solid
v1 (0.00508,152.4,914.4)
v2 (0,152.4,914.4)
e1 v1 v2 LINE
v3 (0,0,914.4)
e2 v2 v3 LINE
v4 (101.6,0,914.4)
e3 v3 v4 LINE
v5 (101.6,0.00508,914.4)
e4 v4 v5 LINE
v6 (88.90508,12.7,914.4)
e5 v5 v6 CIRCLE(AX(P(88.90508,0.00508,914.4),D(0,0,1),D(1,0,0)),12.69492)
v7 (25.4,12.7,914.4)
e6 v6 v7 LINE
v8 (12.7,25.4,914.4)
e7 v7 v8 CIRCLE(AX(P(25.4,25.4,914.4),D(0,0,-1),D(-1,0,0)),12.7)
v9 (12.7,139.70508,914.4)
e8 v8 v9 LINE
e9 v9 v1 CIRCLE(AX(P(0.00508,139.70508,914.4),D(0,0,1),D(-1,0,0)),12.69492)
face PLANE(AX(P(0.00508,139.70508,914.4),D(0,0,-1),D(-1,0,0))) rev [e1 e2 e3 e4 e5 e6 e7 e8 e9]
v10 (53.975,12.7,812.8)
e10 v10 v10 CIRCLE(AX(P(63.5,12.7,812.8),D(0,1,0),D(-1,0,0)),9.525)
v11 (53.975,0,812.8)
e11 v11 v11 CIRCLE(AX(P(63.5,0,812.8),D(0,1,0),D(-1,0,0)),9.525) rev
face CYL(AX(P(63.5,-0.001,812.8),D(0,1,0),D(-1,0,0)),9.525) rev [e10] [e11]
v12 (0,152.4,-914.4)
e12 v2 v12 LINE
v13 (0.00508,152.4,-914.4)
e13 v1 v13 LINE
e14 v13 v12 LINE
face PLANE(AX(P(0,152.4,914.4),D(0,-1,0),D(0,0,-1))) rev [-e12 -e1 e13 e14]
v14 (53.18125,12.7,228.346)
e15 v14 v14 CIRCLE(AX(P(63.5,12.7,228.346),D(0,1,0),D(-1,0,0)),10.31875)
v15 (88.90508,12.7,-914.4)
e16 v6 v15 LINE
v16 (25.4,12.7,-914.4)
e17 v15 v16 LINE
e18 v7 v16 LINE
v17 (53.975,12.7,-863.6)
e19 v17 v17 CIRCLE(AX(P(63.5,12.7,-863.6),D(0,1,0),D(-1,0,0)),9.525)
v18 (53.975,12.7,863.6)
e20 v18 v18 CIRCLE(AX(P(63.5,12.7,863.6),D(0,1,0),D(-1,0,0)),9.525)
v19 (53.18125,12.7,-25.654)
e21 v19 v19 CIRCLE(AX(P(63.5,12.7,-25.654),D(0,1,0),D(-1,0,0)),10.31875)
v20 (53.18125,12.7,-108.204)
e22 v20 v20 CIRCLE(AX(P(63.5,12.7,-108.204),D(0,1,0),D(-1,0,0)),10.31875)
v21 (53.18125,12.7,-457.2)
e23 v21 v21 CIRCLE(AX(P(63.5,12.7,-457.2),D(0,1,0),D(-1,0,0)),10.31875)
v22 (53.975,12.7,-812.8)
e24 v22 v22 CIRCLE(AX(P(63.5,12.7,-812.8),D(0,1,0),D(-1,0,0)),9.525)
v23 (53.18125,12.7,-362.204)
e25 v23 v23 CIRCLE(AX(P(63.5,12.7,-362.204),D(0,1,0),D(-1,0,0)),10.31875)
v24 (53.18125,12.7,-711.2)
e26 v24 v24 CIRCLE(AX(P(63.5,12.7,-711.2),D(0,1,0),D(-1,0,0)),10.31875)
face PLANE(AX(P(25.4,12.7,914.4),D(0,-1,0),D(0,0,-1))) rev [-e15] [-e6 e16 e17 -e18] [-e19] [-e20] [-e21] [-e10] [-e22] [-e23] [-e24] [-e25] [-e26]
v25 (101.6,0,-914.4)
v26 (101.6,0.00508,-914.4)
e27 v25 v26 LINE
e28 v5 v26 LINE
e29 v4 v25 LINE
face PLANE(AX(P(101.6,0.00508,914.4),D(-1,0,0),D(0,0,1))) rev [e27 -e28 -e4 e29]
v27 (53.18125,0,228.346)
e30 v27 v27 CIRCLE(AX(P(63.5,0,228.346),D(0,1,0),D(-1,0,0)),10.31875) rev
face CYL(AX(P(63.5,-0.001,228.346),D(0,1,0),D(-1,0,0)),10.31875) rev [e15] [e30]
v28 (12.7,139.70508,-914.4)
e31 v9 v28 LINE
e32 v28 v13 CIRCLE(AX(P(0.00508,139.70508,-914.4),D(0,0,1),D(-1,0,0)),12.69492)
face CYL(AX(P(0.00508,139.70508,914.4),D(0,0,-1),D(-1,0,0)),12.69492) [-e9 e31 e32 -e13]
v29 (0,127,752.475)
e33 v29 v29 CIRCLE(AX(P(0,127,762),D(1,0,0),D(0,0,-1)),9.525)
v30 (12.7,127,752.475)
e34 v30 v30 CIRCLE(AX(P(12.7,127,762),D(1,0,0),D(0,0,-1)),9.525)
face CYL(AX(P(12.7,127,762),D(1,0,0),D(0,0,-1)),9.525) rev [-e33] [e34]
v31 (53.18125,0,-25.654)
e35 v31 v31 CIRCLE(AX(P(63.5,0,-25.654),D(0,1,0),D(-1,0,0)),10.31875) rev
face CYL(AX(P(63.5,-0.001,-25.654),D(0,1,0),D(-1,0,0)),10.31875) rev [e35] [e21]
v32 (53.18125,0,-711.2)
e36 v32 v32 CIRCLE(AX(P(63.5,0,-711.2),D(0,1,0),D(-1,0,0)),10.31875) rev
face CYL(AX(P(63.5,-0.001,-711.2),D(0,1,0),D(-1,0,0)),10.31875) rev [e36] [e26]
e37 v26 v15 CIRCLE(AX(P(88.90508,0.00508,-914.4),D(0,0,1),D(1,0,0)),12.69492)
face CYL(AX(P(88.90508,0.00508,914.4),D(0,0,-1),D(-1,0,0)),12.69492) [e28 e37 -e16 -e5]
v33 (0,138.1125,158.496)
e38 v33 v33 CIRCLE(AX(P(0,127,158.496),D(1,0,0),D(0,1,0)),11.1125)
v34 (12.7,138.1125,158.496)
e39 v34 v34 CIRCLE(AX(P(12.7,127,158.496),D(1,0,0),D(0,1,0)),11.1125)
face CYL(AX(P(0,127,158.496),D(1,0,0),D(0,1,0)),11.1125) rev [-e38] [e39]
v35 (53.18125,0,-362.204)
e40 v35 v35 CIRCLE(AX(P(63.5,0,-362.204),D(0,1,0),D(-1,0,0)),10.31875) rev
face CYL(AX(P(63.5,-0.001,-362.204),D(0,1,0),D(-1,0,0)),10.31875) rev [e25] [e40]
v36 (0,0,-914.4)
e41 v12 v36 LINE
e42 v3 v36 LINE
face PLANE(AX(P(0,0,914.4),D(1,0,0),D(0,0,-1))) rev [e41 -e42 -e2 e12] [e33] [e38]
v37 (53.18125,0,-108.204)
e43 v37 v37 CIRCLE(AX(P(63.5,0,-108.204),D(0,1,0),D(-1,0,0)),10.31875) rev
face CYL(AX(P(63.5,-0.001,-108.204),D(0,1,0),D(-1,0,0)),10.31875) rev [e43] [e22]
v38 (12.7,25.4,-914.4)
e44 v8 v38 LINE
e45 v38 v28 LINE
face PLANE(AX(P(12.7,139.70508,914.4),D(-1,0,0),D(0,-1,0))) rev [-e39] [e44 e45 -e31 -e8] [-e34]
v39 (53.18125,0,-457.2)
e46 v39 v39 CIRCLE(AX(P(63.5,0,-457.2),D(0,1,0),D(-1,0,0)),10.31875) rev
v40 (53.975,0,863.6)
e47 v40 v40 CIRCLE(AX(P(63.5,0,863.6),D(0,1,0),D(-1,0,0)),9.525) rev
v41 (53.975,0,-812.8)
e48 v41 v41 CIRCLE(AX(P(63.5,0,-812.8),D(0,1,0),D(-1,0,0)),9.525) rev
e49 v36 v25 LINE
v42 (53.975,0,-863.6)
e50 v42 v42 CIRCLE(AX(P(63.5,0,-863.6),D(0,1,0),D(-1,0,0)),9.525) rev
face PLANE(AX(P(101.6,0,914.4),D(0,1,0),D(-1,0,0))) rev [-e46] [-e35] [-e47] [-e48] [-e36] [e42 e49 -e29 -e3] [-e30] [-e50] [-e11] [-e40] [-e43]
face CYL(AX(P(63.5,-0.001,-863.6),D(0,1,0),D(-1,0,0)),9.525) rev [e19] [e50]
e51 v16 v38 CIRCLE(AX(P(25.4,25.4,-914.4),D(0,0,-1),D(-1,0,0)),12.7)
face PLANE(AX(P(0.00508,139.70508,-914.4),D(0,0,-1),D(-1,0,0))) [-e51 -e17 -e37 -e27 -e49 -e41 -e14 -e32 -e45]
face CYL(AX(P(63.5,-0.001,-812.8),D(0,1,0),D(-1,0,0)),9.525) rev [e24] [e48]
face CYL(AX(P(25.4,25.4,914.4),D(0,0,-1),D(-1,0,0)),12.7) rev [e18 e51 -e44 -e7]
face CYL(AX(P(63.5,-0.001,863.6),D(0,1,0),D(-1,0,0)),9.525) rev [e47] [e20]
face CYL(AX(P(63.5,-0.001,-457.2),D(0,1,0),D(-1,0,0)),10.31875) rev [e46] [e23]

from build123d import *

# Parameters (mm, degrees)
BOSS_EXTRUDE1_DEPTH             = 914.4
CUT_EXTRUDE2_REACH              = 14.7
SKETCH3_R                       = 9.525
SKETCH3_R_2                     = 10.31875
F_3_4_0_75_DIAMETER_HOLE1_D     = 19.05
F_3_4_0_75_DIAMETER_HOLE1_DEPTH = 12.7
SKETCH6_R                       = 11.1125
CUT_EXTRUDE3_DEPTH              = 13.7


with BuildPart() as part:
    # Sketch1 → Boss-Extrude1 (new body, symmetric)
    with BuildSketch(Plane.XY):
        with BuildLine():
            Line((0, 0), (0, 152.4))
            Line((0, 152.4), (0.00508, 152.4))
            ThreePointArc((0.00508, 152.4), (8.981744019, 148.681744019), (12.7, 139.70508))
            Line((12.7, 139.70508), (12.7, 25.4))
            ThreePointArc((12.7, 25.4), (16.419743879, 16.419743879), (25.4, 12.7))
            Line((25.4, 12.7), (88.90508, 12.7))
            ThreePointArc((88.90508, 12.7), (97.881744019, 8.981744019), (101.6, 0.00508))
            Line((101.6, 0.00508), (101.6, 0))
            Line((101.6, 0), (0, 0))
        make_face()
    extrude(amount=BOSS_EXTRUDE1_DEPTH, both=True)

    # Sketch3 → Cut-Extrude2 (cut, up to next)
    with BuildSketch(Plane(origin=(0, 12.7, 0), x_dir=(1, 0, 0), z_dir=(0, 1, 0)), mode=Mode.PRIVATE) as cut_extrude2_sk1:
        with Locations((63.5, -863.6)):
            Circle(SKETCH3_R)
    cut_extrude2_tool1 = extrude(cut_extrude2_sk1.sketch, amount=-CUT_EXTRUDE2_REACH, mode=Mode.PRIVATE) & part.part
    add(cut_extrude2_tool1.solids().sort_by_distance((63.5, 12.7, 863.6))[0], mode=Mode.SUBTRACT)
    # Sketch3 → Cut-Extrude2 (cut, up to next)
    with BuildSketch(Plane(origin=(0, 12.7, 0), x_dir=(1, 0, 0), z_dir=(0, 1, 0)), mode=Mode.PRIVATE) as cut_extrude2_sk2:
        with Locations((63.5, 863.6)):
            Circle(SKETCH3_R)
    cut_extrude2_tool2 = extrude(cut_extrude2_sk2.sketch, amount=-CUT_EXTRUDE2_REACH, mode=Mode.PRIVATE) & part.part
    add(cut_extrude2_tool2.solids().sort_by_distance((63.5, 12.7, -863.6))[0], mode=Mode.SUBTRACT)
    # Sketch3 → Cut-Extrude2 (cut, up to next)
    with BuildSketch(Plane(origin=(0, 12.7, 0), x_dir=(1, 0, 0), z_dir=(0, 1, 0)), mode=Mode.PRIVATE) as cut_extrude2_sk3:
        with Locations((63.5, 25.654)):
            Circle(SKETCH3_R_2)
    cut_extrude2_tool3 = extrude(cut_extrude2_sk3.sketch, amount=-CUT_EXTRUDE2_REACH, mode=Mode.PRIVATE) & part.part
    add(cut_extrude2_tool3.solids().sort_by_distance((63.5, 12.7, -25.654))[0], mode=Mode.SUBTRACT)
    # Sketch3 → Cut-Extrude2 (cut, up to next)
    with BuildSketch(Plane(origin=(0, 12.7, 0), x_dir=(1, 0, 0), z_dir=(0, 1, 0)), mode=Mode.PRIVATE) as cut_extrude2_sk4:
        with Locations((63.5, -812.8)):
            Circle(SKETCH3_R)
    cut_extrude2_tool4 = extrude(cut_extrude2_sk4.sketch, amount=-CUT_EXTRUDE2_REACH, mode=Mode.PRIVATE) & part.part
    add(cut_extrude2_tool4.solids().sort_by_distance((63.5, 12.7, 812.8))[0], mode=Mode.SUBTRACT)
    # Sketch3 → Cut-Extrude2 (cut, up to next)
    with BuildSketch(Plane(origin=(0, 12.7, 0), x_dir=(1, 0, 0), z_dir=(0, 1, 0)), mode=Mode.PRIVATE) as cut_extrude2_sk5:
        with Locations((63.5, 711.2)):
            Circle(SKETCH3_R_2)
    cut_extrude2_tool5 = extrude(cut_extrude2_sk5.sketch, amount=-CUT_EXTRUDE2_REACH, mode=Mode.PRIVATE) & part.part
    add(cut_extrude2_tool5.solids().sort_by_distance((63.5, 12.7, -711.2))[0], mode=Mode.SUBTRACT)
    # Sketch3 → Cut-Extrude2 (cut, up to next)
    with BuildSketch(Plane(origin=(0, 12.7, 0), x_dir=(1, 0, 0), z_dir=(0, 1, 0)), mode=Mode.PRIVATE) as cut_extrude2_sk6:
        with Locations((63.5, 457.2)):
            Circle(SKETCH3_R_2)
    cut_extrude2_tool6 = extrude(cut_extrude2_sk6.sketch, amount=-CUT_EXTRUDE2_REACH, mode=Mode.PRIVATE) & part.part
    add(cut_extrude2_tool6.solids().sort_by_distance((63.5, 12.7, -457.2))[0], mode=Mode.SUBTRACT)
    # Sketch3 → Cut-Extrude2 (cut, up to next)
    with BuildSketch(Plane(origin=(0, 12.7, 0), x_dir=(1, 0, 0), z_dir=(0, 1, 0)), mode=Mode.PRIVATE) as cut_extrude2_sk7:
        with Locations((63.5, -228.346)):
            Circle(SKETCH3_R_2)
    cut_extrude2_tool7 = extrude(cut_extrude2_sk7.sketch, amount=-CUT_EXTRUDE2_REACH, mode=Mode.PRIVATE) & part.part
    add(cut_extrude2_tool7.solids().sort_by_distance((63.5, 12.7, 228.346))[0], mode=Mode.SUBTRACT)
    # Sketch3 → Cut-Extrude2 (cut, up to next)
    with BuildSketch(Plane(origin=(0, 12.7, 0), x_dir=(1, 0, 0), z_dir=(0, 1, 0)), mode=Mode.PRIVATE) as cut_extrude2_sk8:
        with Locations((63.5, 362.204)):
            Circle(SKETCH3_R_2)
    cut_extrude2_tool8 = extrude(cut_extrude2_sk8.sketch, amount=-CUT_EXTRUDE2_REACH, mode=Mode.PRIVATE) & part.part
    add(cut_extrude2_tool8.solids().sort_by_distance((63.5, 12.7, -362.204))[0], mode=Mode.SUBTRACT)
    # Sketch3 → Cut-Extrude2 (cut, up to next)
    with BuildSketch(Plane(origin=(0, 12.7, 0), x_dir=(1, 0, 0), z_dir=(0, 1, 0)), mode=Mode.PRIVATE) as cut_extrude2_sk9:
        with Locations((63.5, 108.204)):
            Circle(SKETCH3_R_2)
    cut_extrude2_tool9 = extrude(cut_extrude2_sk9.sketch, amount=-CUT_EXTRUDE2_REACH, mode=Mode.PRIVATE) & part.part
    add(cut_extrude2_tool9.solids().sort_by_distance((63.5, 12.7, -108.204))[0], mode=Mode.SUBTRACT)
    # Sketch3 → Cut-Extrude2 (cut, up to next)
    with BuildSketch(Plane(origin=(0, 12.7, 0), x_dir=(1, 0, 0), z_dir=(0, 1, 0)), mode=Mode.PRIVATE) as cut_extrude2_sk10:
        with Locations((63.5, 812.8)):
            Circle(SKETCH3_R)
    cut_extrude2_tool10 = extrude(cut_extrude2_sk10.sketch, amount=-CUT_EXTRUDE2_REACH, mode=Mode.PRIVATE) & part.part
    add(cut_extrude2_tool10.solids().sort_by_distance((63.5, 12.7, -812.8))[0], mode=Mode.SUBTRACT)

    # 3/4 (0.75) Diameter Hole1
    with Locations(Plane(origin=(12.7, 0, 0), x_dir=(0, 0, -1), z_dir=(1, 0, 0))):
        with Locations((-762, 127)):
            Hole(F_3_4_0_75_DIAMETER_HOLE1_D / 2, depth=F_3_4_0_75_DIAMETER_HOLE1_DEPTH)

    # Sketch6 → Cut-Extrude3 (cut, through all)
    with BuildSketch(Plane(origin=(12.7, 0, 0), x_dir=(0, 0, -1), z_dir=(1, 0, 0))):
        with Locations((-158.496, 127)):
            Circle(SKETCH6_R)
    extrude(amount=-CUT_EXTRUDE3_DEPTH, mode=Mode.SUBTRACT)


solid = part.part
